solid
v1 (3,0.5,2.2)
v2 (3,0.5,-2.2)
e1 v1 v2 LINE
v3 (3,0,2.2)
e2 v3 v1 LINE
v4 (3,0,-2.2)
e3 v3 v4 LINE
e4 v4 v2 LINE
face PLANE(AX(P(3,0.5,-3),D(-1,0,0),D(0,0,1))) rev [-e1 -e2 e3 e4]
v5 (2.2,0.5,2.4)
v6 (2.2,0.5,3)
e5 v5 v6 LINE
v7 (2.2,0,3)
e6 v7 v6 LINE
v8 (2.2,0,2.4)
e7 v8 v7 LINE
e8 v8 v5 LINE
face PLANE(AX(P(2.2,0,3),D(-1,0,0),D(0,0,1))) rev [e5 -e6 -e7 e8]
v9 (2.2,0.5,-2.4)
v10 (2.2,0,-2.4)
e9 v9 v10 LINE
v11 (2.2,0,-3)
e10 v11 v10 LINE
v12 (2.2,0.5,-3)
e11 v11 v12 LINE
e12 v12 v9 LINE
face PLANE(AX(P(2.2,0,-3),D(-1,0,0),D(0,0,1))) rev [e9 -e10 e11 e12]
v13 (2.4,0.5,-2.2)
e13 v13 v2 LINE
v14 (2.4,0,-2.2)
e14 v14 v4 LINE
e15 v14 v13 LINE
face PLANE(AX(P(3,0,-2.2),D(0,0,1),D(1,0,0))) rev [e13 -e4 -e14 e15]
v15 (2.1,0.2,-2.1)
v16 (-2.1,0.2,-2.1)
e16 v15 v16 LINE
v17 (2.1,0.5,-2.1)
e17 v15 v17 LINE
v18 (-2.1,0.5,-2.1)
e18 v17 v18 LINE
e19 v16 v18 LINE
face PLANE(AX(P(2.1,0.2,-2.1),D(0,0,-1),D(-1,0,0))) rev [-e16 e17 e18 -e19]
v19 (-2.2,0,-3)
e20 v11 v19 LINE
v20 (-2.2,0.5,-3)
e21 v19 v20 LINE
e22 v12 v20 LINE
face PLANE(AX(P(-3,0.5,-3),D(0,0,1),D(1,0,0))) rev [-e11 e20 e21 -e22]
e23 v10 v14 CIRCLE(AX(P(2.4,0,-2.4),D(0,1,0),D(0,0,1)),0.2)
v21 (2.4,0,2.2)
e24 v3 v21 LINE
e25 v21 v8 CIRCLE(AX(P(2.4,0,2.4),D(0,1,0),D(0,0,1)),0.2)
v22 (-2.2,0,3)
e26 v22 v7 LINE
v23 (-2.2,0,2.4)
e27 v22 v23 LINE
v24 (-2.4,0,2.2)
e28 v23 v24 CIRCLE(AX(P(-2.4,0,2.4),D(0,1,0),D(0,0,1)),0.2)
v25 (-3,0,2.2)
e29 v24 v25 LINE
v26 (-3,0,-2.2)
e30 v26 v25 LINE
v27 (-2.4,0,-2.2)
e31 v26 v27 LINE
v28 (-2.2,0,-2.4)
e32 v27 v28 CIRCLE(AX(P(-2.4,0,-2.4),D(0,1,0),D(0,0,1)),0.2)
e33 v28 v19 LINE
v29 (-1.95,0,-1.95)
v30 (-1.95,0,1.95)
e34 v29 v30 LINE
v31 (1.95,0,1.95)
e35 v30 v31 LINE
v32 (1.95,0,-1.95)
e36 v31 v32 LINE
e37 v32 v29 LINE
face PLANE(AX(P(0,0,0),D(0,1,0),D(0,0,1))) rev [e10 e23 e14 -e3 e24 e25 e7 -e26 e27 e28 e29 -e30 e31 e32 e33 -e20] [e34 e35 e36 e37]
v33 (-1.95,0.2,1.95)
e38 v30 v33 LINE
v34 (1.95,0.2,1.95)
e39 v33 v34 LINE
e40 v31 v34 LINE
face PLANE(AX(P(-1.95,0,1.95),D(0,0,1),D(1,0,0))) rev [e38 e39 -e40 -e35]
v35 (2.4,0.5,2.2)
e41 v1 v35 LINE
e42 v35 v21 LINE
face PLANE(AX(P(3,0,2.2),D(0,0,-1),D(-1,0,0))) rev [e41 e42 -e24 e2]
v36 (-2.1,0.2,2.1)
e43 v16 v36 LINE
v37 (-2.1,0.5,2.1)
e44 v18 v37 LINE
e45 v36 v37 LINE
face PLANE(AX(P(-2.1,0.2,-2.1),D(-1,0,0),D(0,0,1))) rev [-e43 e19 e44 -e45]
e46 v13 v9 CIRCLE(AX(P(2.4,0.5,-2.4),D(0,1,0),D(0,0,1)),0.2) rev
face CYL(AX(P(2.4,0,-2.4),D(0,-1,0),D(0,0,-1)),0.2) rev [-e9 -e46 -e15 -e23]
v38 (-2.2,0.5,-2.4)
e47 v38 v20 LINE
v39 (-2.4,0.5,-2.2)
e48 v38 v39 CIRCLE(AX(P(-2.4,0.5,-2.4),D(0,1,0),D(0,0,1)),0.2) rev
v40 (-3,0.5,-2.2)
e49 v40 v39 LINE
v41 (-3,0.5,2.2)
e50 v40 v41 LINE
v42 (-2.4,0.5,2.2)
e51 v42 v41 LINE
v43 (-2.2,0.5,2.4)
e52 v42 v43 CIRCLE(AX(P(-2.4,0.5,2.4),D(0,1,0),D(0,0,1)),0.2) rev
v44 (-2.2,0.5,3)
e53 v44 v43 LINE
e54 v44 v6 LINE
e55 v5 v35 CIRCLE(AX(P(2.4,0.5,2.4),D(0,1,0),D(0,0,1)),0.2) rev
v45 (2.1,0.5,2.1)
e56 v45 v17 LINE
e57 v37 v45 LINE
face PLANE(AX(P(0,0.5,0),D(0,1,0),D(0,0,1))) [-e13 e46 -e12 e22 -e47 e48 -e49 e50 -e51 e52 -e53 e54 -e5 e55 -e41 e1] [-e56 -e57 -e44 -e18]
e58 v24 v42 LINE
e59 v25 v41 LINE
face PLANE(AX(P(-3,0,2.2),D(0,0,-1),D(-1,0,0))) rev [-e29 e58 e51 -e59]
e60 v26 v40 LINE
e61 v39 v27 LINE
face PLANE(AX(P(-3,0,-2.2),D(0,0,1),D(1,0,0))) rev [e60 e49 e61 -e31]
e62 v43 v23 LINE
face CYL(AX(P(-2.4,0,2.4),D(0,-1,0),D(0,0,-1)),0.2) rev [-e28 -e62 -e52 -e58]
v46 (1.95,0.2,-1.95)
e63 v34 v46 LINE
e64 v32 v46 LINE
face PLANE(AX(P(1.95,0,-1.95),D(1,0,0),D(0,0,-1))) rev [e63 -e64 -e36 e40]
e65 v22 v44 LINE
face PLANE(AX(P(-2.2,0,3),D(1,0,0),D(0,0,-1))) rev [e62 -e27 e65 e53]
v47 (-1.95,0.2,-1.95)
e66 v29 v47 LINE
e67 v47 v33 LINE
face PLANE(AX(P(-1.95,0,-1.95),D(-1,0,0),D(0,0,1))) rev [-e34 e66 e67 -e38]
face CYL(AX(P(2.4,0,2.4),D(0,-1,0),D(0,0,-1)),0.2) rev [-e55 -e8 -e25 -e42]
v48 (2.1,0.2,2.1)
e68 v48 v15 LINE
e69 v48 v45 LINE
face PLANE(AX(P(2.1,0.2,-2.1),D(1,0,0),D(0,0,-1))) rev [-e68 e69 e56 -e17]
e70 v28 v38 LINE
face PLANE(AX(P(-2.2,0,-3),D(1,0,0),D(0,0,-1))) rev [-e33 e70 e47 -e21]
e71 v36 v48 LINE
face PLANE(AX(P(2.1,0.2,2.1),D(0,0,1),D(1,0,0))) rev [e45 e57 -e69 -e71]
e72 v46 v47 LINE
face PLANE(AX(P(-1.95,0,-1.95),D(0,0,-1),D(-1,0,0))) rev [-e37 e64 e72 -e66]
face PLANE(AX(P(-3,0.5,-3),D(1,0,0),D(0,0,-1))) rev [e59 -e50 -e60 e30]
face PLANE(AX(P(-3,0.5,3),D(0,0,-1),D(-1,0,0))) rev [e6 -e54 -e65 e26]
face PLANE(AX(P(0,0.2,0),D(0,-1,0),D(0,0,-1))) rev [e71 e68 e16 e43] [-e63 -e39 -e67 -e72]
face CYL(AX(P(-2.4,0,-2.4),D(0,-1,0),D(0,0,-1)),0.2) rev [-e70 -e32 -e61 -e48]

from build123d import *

# Parameters (mm, degrees)
SKETCH_1_W          = 6
SKETCH_1_H          = 6
EXTRUDE_1_DEPTH     = 0.5
SKETCH_2_W          = 3.9
SKETCH_2_H          = 3.9
CUT_EXTRUDE_1_DEPTH = 5.272001873
SKETCH_3_W          = 4.2
SKETCH_3_H          = 4.2
CUT_EXTRUDE_2_DEPTH = 0.3
SKETCH_4_W          = 0.8
SKETCH_4_H          = 0.8
CUT_EXTRUDE_3_DEPTH = 5.272001873
FILLET_2_R          = 0.2


with BuildPart() as part:
    # 草图1 → 凸台-拉伸1 (new body)
    with BuildSketch(Plane(origin=(0, 0, 0), x_dir=(1, 0, 0), z_dir=(0, 1, 0))):
        Rectangle(SKETCH_1_W, SKETCH_1_H)
    extrude(amount=EXTRUDE_1_DEPTH)

    # 草图2 → 切除-拉伸1 (cut, through all)
    with BuildSketch(Plane(origin=(0, 0.5, 0), x_dir=(1, 0, 0), z_dir=(0, 1, 0))):
        Rectangle(SKETCH_2_W, SKETCH_2_H)
    extrude(amount=-CUT_EXTRUDE_1_DEPTH, mode=Mode.SUBTRACT)

    # 草图3 → 切除-拉伸2 (cut)
    with BuildSketch(Plane(origin=(0, 0.5, 0), x_dir=(1, 0, 0), z_dir=(0, 1, 0))):
        Rectangle(SKETCH_3_W, SKETCH_3_H)
    extrude(amount=-CUT_EXTRUDE_2_DEPTH, mode=Mode.SUBTRACT)

    # 草图4 → 切除-拉伸3 (cut, through all)
    with BuildSketch(Plane(origin=(0, 0.5, 0), x_dir=(1, 0, 0), z_dir=(0, 1, 0))):
        with Locations((-2.6, 2.6)):
            Rectangle(SKETCH_4_W, SKETCH_4_H)
        with Locations((2.6, 2.6)):
            Rectangle(SKETCH_4_W, SKETCH_4_H)
        with Locations((-2.6, -2.6)):
            Rectangle(SKETCH_4_W, SKETCH_4_H)
        with Locations((2.6, -2.6)):
            Rectangle(SKETCH_4_W, SKETCH_4_H)
    extrude(amount=-CUT_EXTRUDE_3_DEPTH, mode=Mode.SUBTRACT)

    # 圆角2
    fillet_2_edges = [part.edges().sort_by_distance(p)[0] for p in [
        (-2.2, 0.25, -2.2),
        (2.2, 0.25, -2.2),
        (-2.2, 0.25, 2.2),
        (2.2, 0.25, 2.2),
    ]]
    fillet(fillet_2_edges, radius=FILLET_2_R)


solid = part.part
